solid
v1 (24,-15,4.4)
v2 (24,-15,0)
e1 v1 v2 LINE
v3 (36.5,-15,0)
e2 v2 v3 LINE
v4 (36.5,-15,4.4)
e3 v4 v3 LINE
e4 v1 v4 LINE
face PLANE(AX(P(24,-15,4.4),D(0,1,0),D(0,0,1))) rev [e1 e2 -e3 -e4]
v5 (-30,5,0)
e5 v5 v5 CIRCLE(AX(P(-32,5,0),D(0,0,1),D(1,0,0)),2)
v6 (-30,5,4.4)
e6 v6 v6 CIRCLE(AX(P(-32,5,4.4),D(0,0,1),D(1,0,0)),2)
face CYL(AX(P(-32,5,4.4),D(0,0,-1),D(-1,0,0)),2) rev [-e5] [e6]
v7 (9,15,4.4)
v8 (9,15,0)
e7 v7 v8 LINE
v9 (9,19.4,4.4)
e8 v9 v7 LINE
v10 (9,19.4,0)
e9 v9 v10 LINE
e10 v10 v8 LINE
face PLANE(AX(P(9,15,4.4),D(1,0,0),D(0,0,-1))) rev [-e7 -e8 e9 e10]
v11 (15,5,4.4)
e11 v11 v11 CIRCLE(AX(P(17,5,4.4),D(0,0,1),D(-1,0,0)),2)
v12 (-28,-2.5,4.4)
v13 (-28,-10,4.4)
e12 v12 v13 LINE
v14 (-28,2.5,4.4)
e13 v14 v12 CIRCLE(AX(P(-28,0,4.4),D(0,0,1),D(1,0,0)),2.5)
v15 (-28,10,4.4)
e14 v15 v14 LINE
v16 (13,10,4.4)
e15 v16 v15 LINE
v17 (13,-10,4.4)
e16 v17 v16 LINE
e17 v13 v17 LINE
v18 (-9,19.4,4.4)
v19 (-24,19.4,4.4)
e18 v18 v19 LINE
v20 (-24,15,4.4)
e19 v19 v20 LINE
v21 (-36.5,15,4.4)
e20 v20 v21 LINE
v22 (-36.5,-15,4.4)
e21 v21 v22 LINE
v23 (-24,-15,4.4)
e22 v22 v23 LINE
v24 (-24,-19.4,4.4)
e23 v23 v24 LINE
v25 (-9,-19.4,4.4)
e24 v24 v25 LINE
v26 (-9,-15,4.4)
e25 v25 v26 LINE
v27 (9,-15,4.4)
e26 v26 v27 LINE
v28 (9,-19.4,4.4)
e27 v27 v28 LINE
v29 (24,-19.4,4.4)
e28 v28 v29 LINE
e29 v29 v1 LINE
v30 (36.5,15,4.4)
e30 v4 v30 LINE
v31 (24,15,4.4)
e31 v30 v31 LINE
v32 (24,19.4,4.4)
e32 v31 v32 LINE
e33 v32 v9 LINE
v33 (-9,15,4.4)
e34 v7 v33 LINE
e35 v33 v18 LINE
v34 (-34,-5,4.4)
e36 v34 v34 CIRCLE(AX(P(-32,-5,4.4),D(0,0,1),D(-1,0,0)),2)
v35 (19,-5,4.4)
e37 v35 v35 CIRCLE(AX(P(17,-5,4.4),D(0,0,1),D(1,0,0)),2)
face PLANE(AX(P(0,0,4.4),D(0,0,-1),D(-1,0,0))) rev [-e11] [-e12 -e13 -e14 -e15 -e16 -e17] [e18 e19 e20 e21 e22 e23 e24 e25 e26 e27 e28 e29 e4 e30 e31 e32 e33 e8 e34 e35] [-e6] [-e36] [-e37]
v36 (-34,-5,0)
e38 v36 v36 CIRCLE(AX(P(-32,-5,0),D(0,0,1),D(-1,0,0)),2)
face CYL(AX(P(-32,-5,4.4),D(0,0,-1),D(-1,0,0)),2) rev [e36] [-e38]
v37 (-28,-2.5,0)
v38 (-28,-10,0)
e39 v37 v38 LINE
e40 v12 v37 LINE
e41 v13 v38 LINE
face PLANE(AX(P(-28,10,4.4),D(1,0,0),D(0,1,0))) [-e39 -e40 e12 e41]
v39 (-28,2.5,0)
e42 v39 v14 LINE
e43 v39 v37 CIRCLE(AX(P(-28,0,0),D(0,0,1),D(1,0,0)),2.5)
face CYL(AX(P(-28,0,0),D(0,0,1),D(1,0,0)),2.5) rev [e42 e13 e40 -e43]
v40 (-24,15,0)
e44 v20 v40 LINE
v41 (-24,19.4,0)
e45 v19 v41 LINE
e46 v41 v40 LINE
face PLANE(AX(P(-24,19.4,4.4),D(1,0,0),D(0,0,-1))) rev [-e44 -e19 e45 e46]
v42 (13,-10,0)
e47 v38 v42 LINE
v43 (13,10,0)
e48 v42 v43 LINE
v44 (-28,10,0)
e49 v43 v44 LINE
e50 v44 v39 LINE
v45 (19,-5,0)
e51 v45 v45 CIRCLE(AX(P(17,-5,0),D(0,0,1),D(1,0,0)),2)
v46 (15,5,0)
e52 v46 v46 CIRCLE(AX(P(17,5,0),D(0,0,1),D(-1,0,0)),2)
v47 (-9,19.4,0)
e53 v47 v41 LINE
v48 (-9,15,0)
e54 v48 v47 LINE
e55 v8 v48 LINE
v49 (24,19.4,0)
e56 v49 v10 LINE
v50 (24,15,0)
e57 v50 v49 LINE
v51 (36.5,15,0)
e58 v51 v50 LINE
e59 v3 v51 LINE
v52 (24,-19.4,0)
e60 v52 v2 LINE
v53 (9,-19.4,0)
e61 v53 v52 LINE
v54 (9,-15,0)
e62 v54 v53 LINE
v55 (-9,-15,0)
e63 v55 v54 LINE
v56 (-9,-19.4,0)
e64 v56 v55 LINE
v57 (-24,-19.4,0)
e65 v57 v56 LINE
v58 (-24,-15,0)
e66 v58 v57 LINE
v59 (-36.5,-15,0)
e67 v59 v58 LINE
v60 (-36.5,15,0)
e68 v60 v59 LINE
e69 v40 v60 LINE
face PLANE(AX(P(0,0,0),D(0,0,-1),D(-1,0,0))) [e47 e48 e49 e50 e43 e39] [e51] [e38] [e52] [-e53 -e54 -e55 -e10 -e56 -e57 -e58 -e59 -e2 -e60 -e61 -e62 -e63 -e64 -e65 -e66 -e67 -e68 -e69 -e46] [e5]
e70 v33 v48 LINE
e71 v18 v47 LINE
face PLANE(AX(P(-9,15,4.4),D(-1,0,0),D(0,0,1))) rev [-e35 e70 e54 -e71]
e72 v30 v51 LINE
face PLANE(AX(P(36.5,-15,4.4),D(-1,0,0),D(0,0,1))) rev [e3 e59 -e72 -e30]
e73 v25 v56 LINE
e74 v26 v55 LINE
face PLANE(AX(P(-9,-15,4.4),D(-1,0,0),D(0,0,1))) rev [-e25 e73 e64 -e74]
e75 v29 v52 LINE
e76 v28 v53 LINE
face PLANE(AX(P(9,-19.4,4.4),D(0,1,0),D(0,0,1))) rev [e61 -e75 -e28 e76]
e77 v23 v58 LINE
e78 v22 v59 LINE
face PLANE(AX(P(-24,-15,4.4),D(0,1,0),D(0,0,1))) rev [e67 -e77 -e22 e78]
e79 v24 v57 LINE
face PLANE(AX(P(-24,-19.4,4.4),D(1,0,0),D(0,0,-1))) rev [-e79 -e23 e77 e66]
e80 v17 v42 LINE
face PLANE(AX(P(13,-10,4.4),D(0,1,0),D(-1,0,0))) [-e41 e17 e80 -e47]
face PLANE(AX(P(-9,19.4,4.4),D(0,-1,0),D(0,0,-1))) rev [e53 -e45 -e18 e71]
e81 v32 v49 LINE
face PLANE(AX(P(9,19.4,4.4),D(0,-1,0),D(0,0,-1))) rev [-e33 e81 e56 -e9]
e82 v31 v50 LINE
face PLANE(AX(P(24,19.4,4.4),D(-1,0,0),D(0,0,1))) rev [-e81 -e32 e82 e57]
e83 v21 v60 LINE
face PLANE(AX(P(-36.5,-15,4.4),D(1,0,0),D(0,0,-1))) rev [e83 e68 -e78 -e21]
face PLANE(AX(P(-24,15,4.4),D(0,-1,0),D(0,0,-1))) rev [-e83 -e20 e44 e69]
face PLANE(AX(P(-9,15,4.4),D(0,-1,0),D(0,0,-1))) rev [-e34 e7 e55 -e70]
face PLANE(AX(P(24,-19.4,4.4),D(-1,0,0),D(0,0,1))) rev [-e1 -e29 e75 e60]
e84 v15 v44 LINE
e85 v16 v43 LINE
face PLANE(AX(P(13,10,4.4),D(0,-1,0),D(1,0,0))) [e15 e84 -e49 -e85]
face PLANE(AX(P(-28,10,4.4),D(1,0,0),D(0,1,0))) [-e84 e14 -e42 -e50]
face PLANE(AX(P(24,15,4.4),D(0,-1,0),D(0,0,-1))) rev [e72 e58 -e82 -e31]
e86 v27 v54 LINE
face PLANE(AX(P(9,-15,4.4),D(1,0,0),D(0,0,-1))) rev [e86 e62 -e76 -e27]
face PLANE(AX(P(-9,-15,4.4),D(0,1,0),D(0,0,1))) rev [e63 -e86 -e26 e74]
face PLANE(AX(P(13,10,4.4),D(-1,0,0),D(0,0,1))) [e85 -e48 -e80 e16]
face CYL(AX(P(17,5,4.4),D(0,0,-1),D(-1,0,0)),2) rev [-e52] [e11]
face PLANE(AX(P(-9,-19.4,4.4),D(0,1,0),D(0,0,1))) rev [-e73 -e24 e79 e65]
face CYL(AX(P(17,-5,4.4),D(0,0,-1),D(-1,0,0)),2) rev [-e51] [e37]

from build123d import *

# Parameters (mm, degrees)
SKETCH_1_R          = 2
SKETCH_1_W          = 41
SKETCH_1_H          = 20
EXTRUDE_1_DEPTH     = 4.4
SKETCH_2_R          = 2.5
CUT_EXTRUDE_1_DEPTH = 4.4


with BuildPart() as part:
    # 草图1 → 凸台-拉伸1 (new body)
    with BuildSketch(Plane.XY):
        Polygon((9, 15), (9, 19.4), (24, 19.4), (24, 15), (36.5, 15), (36.5, -15), (24, -15), (24, -19.4), (9, -19.4), (9, -15), (-9, -15), (-9, -19.4), (-24, -19.4), (-24, -15), (-36.5, -15), (-36.5, 15), (-24, 15), (-24, 19.4), (-9, 19.4), (-9, 15), align=None)
        with Locations((-32, 5)):
            Circle(SKETCH_1_R, mode=Mode.SUBTRACT)
        with Locations((-32, -5)):
            Circle(SKETCH_1_R, mode=Mode.SUBTRACT)
        with Locations((17, -5)):
            Circle(SKETCH_1_R, mode=Mode.SUBTRACT)
        with Locations((17, 5)):
            Circle(SKETCH_1_R, mode=Mode.SUBTRACT)
        with Locations((-7.5, 0)):
            Rectangle(SKETCH_1_W, SKETCH_1_H, mode=Mode.SUBTRACT)
    extrude(amount=EXTRUDE_1_DEPTH)

    # 草图2 → 切除-拉伸1 (cut)
    with BuildSketch(Plane.XY.offset(4.4)):
        with Locations((-28, 0)):
            Circle(SKETCH_2_R)
    extrude(amount=-CUT_EXTRUDE_1_DEPTH, mode=Mode.SUBTRACT)


solid = part.part
